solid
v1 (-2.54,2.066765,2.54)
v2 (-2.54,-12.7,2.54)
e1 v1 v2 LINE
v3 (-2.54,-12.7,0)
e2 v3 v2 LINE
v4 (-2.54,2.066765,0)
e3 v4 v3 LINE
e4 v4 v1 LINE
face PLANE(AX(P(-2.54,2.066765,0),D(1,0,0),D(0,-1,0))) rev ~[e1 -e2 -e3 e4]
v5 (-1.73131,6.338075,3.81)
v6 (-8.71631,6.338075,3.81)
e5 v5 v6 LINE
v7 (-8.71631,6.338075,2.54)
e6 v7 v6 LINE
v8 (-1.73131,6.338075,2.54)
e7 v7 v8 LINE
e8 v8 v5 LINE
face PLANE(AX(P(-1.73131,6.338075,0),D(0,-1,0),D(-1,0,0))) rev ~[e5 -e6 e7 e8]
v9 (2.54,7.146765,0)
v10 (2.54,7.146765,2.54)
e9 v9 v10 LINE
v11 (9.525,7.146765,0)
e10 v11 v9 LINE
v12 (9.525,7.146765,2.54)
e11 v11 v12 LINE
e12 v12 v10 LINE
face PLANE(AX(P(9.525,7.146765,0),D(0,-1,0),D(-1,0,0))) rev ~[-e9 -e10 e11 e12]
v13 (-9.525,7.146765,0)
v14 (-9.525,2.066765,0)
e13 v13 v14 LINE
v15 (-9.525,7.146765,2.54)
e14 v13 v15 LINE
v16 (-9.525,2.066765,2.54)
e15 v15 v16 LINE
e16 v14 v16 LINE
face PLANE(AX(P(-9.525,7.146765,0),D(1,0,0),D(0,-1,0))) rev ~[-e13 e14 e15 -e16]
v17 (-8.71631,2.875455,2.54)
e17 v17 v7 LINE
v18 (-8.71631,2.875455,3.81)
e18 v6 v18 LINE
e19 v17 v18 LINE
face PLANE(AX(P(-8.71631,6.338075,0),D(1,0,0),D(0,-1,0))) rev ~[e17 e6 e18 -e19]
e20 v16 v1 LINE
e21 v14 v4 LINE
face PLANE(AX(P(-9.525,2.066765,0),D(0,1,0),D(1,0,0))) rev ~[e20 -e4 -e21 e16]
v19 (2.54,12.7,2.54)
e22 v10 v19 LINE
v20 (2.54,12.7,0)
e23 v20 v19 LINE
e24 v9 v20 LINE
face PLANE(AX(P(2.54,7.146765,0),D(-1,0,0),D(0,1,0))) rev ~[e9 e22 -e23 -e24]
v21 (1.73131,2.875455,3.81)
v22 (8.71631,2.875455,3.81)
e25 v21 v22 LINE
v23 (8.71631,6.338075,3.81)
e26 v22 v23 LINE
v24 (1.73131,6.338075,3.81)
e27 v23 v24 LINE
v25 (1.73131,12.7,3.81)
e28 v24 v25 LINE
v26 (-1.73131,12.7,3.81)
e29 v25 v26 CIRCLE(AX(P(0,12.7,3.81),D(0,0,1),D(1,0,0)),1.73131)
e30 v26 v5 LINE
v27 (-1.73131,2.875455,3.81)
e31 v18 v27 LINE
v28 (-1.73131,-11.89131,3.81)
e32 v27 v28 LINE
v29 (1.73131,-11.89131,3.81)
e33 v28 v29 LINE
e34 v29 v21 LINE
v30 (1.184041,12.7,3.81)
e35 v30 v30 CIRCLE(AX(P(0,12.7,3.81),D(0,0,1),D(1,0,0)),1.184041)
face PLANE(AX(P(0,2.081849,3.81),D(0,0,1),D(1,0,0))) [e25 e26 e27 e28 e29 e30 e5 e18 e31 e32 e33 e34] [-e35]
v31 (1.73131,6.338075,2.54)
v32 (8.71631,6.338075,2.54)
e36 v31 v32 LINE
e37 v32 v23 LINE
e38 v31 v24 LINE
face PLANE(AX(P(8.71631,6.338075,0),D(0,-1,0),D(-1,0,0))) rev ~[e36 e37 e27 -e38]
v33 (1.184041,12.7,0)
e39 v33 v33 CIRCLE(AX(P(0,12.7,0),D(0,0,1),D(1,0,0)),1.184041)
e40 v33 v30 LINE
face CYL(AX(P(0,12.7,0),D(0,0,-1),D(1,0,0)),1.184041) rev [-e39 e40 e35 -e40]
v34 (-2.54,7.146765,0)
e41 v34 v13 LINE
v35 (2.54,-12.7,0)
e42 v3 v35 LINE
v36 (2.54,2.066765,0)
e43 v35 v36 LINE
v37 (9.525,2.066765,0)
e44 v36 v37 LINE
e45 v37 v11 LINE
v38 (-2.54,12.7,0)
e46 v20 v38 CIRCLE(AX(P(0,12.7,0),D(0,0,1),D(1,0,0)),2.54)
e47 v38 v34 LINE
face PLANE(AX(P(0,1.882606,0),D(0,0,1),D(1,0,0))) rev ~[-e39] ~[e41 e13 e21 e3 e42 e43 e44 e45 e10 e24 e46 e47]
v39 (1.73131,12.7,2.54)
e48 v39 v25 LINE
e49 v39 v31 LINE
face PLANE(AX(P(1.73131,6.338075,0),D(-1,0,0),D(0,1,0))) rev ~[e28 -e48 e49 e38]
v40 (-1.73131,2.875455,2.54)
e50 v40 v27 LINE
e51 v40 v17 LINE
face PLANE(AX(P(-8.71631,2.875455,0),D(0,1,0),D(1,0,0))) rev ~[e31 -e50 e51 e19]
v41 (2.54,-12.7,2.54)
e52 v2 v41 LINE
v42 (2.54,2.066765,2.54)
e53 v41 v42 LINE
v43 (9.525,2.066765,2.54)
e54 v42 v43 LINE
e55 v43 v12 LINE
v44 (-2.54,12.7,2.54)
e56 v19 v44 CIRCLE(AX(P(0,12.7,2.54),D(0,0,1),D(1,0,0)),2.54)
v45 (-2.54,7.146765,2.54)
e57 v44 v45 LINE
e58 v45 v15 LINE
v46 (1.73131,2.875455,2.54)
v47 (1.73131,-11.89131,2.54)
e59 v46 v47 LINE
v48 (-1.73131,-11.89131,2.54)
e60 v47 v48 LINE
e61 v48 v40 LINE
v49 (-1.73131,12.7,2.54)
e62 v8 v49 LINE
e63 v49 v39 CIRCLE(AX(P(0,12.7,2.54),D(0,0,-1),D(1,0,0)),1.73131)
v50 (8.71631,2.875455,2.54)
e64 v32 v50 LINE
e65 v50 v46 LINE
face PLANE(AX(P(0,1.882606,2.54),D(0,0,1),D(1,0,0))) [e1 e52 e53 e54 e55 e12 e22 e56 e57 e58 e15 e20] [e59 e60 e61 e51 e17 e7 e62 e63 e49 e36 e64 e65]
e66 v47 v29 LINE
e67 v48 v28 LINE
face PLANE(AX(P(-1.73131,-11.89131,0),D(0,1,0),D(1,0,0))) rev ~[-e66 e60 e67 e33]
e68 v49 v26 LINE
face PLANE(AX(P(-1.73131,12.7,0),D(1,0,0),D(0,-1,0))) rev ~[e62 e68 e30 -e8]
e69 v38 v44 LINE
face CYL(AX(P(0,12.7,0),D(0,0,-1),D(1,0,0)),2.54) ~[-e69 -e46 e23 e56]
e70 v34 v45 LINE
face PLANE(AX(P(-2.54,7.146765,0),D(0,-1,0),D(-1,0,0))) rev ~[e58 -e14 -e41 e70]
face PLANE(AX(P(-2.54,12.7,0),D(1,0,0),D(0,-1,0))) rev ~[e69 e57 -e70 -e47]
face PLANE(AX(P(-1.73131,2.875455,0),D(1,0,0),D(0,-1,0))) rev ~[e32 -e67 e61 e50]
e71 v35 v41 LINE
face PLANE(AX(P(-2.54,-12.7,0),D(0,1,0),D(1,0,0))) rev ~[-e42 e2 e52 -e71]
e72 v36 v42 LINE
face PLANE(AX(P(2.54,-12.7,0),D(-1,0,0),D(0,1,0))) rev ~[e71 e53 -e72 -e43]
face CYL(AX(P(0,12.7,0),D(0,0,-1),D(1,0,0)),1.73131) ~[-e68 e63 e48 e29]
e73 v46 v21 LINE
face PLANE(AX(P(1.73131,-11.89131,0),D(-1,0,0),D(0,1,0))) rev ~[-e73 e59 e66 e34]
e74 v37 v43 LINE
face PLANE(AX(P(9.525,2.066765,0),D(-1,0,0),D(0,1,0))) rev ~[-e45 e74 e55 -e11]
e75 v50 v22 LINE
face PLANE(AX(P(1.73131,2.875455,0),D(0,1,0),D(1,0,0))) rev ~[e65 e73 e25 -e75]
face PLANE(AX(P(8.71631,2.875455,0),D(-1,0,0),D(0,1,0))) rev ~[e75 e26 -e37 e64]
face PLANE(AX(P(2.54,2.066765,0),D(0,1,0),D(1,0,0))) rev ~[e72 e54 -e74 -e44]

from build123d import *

# Parameters (mm, degrees)
F0_R     = 1.184041
F1_DEPTH = 2.54
F2_DEPTH = 3.81


with BuildPart() as f1:
    # F0 (on Top) → F1 (new body)
    with BuildSketch(Plane.XY):
        with BuildLine():
            Line((-2.54, 2.066765), (-2.54, -12.7))
            Line((-2.54, -12.7), (2.54, -12.7))
            Line((2.54, -12.7), (2.54, 2.066765))
            Line((2.54, 2.066765), (9.525, 2.066765))
            Line((9.525, 2.066765), (9.525, 7.146765))
            Line((9.525, 7.146765), (2.54, 7.146765))
            Line((2.54, 7.146765), (2.54, 12.7))
            ThreePointArc((2.54, 12.7), (0, 15.24), (-2.54, 12.7))
            Line((-2.54, 12.7), (-2.54, 7.146765))
            Line((-2.54, 7.146765), (-9.525, 7.146765))
            Line((-9.525, 7.146765), (-9.525, 2.066765))
            Line((-9.525, 2.066765), (-2.54, 2.066765))
        make_face()
        with BuildLine():
            Line((1.73131, 12.7), (1.73131, 6.338075))
            Line((1.73131, 6.338075), (8.71631, 6.338075))
            Line((8.71631, 6.338075), (8.71631, 2.875455))
            Line((8.71631, 2.875455), (1.73131, 2.875455))
            Line((1.73131, 2.875455), (1.73131, -11.89131))
            Line((1.73131, -11.89131), (-1.73131, -11.89131))
            Line((-1.73131, -11.89131), (-1.73131, 2.875455))
            Line((-1.73131, 2.875455), (-8.71631, 2.875455))
            Line((-8.71631, 2.875455), (-8.71631, 6.338075))
            Line((-8.71631, 6.338075), (-1.73131, 6.338075))
            Line((-1.73131, 6.338075), (-1.73131, 12.7))
            ThreePointArc((-1.73131, 12.7), (0, 14.43131), (1.73131, 12.7))
        make_face(mode=Mode.SUBTRACT)
        with BuildLine():
            Line((8.71631, 6.338075), (1.73131, 6.338075))
            Line((1.73131, 6.338075), (1.73131, 12.7))
            ThreePointArc((1.73131, 12.7), (0, 14.43131), (-1.73131, 12.7))
            Line((-1.73131, 12.7), (-1.73131, 6.338075))
            Line((-1.73131, 6.338075), (-8.71631, 6.338075))
            Line((-8.71631, 6.338075), (-8.71631, 2.875455))
            Line((-8.71631, 2.875455), (-1.73131, 2.875455))
            Line((-1.73131, 2.875455), (-1.73131, -11.89131))
            Line((-1.73131, -11.89131), (1.73131, -11.89131))
            Line((1.73131, -11.89131), (1.73131, 2.875455))
            Line((1.73131, 2.875455), (8.71631, 2.875455))
            Line((8.71631, 2.875455), (8.71631, 6.338075))
        make_face()
        with Locations((0, 12.7)):
            Circle(F0_R, mode=Mode.SUBTRACT)
    extrude(amount=F1_DEPTH)

    # F0 (on Top) → F2 (join)
    with BuildSketch(Plane.XY):
        with BuildLine():
            Line((8.71631, 6.338075), (1.73131, 6.338075))
            Line((1.73131, 6.338075), (1.73131, 12.7))
            ThreePointArc((1.73131, 12.7), (0, 14.43131), (-1.73131, 12.7))
            Line((-1.73131, 12.7), (-1.73131, 6.338075))
            Line((-1.73131, 6.338075), (-8.71631, 6.338075))
            Line((-8.71631, 6.338075), (-8.71631, 2.875455))
            Line((-8.71631, 2.875455), (-1.73131, 2.875455))
            Line((-1.73131, 2.875455), (-1.73131, -11.89131))
            Line((-1.73131, -11.89131), (1.73131, -11.89131))
            Line((1.73131, -11.89131), (1.73131, 2.875455))
            Line((1.73131, 2.875455), (8.71631, 2.875455))
            Line((8.71631, 2.875455), (8.71631, 6.338075))
        make_face()
        with Locations((0, 12.7)):
            Circle(F0_R, mode=Mode.SUBTRACT)
    extrude(amount=F2_DEPTH)


solid = f1.part
